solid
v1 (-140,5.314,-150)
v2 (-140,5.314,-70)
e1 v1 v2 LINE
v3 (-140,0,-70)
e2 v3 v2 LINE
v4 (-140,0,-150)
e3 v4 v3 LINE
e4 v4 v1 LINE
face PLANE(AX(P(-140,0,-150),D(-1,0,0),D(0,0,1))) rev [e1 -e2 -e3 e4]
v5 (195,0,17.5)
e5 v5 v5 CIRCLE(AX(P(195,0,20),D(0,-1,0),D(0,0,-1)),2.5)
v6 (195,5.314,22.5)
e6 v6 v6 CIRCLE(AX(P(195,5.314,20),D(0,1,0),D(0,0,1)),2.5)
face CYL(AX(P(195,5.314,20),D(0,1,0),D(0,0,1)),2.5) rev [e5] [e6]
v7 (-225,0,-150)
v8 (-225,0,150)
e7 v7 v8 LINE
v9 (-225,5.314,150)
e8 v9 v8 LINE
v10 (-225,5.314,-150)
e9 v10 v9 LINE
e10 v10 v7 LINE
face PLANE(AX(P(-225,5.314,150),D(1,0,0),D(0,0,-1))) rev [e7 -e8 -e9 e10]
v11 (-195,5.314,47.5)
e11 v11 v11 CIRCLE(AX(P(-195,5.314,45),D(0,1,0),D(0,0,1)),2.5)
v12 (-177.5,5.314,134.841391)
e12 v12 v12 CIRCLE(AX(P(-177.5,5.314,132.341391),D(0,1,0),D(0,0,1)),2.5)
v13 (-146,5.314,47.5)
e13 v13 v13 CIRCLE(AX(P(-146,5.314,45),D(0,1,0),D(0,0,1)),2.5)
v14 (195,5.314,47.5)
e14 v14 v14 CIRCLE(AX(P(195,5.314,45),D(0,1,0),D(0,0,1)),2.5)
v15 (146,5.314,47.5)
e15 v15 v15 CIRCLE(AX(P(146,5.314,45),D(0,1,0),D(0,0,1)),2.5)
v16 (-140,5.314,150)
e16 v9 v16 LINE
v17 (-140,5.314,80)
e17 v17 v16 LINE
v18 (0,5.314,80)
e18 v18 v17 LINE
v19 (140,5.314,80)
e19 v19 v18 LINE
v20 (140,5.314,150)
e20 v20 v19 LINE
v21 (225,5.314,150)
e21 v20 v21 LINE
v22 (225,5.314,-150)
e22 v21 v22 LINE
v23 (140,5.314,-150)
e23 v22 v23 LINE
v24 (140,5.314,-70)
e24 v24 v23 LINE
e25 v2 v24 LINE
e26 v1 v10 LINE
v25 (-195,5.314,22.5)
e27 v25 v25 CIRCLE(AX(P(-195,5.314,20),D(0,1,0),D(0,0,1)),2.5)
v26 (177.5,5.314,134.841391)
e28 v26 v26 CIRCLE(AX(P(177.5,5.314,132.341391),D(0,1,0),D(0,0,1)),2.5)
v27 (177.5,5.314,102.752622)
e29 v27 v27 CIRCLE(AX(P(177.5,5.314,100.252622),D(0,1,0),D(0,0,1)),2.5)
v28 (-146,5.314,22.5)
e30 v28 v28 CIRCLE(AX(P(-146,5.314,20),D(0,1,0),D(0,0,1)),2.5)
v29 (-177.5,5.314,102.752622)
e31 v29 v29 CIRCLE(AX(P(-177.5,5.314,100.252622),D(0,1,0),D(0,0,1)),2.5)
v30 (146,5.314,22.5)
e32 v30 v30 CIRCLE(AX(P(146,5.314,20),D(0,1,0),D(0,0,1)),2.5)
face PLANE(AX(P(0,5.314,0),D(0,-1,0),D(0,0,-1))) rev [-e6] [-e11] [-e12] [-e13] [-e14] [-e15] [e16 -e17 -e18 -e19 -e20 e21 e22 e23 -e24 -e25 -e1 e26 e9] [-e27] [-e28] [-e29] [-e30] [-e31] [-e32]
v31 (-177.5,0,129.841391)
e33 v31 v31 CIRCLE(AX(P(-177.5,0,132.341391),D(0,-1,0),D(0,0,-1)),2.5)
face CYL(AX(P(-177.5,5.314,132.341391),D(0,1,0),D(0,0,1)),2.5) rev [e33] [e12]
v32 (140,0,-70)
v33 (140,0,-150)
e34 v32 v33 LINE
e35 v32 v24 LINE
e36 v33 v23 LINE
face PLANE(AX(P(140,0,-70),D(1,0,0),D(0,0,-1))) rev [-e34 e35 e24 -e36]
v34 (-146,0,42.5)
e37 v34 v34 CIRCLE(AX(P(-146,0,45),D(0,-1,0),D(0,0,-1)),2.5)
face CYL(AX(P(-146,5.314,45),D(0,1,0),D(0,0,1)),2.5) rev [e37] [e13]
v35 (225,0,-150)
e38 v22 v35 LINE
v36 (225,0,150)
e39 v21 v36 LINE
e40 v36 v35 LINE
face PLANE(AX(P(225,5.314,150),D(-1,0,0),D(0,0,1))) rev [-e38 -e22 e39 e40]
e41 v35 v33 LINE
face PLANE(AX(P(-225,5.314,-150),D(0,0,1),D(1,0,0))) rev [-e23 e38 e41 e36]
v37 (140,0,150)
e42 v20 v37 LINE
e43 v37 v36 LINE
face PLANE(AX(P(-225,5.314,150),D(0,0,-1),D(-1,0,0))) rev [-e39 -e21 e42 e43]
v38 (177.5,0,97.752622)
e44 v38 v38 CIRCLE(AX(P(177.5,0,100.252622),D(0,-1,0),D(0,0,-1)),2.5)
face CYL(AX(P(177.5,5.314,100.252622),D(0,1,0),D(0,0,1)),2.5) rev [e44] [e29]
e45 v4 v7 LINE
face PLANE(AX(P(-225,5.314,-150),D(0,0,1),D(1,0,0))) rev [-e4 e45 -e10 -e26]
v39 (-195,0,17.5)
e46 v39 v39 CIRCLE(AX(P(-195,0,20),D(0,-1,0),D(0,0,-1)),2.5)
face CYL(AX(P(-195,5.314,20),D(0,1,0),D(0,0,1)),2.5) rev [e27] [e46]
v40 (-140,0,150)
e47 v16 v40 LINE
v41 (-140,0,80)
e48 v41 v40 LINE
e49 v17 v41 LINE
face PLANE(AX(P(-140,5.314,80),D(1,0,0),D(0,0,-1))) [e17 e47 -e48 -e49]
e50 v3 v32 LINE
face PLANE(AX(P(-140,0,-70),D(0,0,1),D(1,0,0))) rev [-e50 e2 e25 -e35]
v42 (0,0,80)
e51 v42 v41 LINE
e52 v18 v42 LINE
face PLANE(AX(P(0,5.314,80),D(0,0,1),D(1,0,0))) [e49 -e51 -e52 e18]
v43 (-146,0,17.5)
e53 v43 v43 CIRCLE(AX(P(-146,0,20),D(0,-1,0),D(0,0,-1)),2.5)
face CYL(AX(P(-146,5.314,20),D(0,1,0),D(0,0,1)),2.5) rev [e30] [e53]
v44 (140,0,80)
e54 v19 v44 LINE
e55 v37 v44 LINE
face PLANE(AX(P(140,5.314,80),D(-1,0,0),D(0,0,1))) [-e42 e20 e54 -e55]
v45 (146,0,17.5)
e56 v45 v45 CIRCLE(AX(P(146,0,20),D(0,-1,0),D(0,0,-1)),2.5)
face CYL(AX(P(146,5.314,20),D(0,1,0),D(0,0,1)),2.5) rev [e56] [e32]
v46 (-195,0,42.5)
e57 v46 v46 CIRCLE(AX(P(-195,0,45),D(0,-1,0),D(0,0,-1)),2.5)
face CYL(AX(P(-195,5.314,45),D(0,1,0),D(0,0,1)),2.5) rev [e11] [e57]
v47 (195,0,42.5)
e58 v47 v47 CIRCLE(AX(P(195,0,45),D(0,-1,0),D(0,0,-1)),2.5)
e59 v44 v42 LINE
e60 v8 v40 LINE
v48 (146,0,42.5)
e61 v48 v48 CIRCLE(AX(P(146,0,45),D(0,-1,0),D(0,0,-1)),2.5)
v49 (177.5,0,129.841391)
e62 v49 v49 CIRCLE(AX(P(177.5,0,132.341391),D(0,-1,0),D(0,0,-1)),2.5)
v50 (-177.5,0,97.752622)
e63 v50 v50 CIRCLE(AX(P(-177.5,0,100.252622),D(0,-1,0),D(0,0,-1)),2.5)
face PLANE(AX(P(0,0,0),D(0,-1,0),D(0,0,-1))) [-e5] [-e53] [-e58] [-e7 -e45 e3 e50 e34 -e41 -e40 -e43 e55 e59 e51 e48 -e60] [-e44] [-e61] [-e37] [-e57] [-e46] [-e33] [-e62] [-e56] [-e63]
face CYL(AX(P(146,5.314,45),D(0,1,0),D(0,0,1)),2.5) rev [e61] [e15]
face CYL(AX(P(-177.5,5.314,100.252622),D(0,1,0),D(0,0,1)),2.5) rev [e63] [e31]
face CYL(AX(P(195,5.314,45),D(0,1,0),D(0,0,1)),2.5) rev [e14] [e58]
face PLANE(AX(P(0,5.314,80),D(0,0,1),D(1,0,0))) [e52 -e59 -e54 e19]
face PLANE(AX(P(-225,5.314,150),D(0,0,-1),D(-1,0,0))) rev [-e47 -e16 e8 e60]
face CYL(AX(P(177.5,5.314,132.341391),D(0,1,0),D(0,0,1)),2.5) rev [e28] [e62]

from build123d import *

# Parameters (mm, degrees)
SKETCH2_W                          = 450
SKETCH2_H                          = 300
BASE_DEPTH                         = 5.314
TAP_DRILL_FOR_M6X1_0_RACK_BOLTS_D  = 5
BACK_CUT_DEPTH                     = 271.468553802
TAP_DRILL_FOR_M6X1_0_MOTOR_BOLTS_D = 5
SKETCH10_W                         = 280
SKETCH10_H                         = 80
FRONT_CUT_DEPTH                    = 271.468553802


with BuildPart() as part:
    # Sketch2 → Base (new body)
    with BuildSketch(Plane(origin=(0, 0, 0), x_dir=(1, 0, 0), z_dir=(0, 1, 0))):
        Rectangle(SKETCH2_W, SKETCH2_H)
    extrude(amount=BASE_DEPTH)

    # Tap Drill for M6x1.0 rack bolts (through all)
    with Locations(Plane(origin=(0, 5.314, 0), x_dir=(1, 0, 0), z_dir=(0, 1, 0))):
        with Locations((-195, -45), (-146, -45), (-146, -20), (-195, -20), (146, -20), (195, -20), (195, -45), (146, -45)):
            Hole(TAP_DRILL_FOR_M6X1_0_RACK_BOLTS_D / 2)

    # Sketch7 → back cut (cut, through all)
    with BuildSketch(Plane(origin=(0, 5.314, 0), x_dir=(1, 0, 0), z_dir=(0, 1, 0))):
        Polygon((140, -80), (0, -80), (-140, -80), (-140, -150), (140, -150), align=None)
    extrude(amount=-BACK_CUT_DEPTH, mode=Mode.SUBTRACT)

    # Tap Drill for M6x1.0 motor bolts (through all)
    with Locations(Plane(origin=(0, 5.314, 0), x_dir=(1, 0, 0), z_dir=(0, 1, 0))):
        with Locations((-177.5, -100.252621879), (-177.5, -132.3413911), (177.5, -100.252621879), (177.5, -132.3413911)):
            Hole(TAP_DRILL_FOR_M6X1_0_MOTOR_BOLTS_D / 2)

    # Sketch10 → Front cut (cut, through all)
    with BuildSketch(Plane(origin=(0, 5.314, 0), x_dir=(1, 0, 0), z_dir=(0, 1, 0))):
        with Locations((0, 110)):
            Rectangle(SKETCH10_W, SKETCH10_H)
    extrude(amount=-FRONT_CUT_DEPTH, mode=Mode.SUBTRACT)


solid = part.part
